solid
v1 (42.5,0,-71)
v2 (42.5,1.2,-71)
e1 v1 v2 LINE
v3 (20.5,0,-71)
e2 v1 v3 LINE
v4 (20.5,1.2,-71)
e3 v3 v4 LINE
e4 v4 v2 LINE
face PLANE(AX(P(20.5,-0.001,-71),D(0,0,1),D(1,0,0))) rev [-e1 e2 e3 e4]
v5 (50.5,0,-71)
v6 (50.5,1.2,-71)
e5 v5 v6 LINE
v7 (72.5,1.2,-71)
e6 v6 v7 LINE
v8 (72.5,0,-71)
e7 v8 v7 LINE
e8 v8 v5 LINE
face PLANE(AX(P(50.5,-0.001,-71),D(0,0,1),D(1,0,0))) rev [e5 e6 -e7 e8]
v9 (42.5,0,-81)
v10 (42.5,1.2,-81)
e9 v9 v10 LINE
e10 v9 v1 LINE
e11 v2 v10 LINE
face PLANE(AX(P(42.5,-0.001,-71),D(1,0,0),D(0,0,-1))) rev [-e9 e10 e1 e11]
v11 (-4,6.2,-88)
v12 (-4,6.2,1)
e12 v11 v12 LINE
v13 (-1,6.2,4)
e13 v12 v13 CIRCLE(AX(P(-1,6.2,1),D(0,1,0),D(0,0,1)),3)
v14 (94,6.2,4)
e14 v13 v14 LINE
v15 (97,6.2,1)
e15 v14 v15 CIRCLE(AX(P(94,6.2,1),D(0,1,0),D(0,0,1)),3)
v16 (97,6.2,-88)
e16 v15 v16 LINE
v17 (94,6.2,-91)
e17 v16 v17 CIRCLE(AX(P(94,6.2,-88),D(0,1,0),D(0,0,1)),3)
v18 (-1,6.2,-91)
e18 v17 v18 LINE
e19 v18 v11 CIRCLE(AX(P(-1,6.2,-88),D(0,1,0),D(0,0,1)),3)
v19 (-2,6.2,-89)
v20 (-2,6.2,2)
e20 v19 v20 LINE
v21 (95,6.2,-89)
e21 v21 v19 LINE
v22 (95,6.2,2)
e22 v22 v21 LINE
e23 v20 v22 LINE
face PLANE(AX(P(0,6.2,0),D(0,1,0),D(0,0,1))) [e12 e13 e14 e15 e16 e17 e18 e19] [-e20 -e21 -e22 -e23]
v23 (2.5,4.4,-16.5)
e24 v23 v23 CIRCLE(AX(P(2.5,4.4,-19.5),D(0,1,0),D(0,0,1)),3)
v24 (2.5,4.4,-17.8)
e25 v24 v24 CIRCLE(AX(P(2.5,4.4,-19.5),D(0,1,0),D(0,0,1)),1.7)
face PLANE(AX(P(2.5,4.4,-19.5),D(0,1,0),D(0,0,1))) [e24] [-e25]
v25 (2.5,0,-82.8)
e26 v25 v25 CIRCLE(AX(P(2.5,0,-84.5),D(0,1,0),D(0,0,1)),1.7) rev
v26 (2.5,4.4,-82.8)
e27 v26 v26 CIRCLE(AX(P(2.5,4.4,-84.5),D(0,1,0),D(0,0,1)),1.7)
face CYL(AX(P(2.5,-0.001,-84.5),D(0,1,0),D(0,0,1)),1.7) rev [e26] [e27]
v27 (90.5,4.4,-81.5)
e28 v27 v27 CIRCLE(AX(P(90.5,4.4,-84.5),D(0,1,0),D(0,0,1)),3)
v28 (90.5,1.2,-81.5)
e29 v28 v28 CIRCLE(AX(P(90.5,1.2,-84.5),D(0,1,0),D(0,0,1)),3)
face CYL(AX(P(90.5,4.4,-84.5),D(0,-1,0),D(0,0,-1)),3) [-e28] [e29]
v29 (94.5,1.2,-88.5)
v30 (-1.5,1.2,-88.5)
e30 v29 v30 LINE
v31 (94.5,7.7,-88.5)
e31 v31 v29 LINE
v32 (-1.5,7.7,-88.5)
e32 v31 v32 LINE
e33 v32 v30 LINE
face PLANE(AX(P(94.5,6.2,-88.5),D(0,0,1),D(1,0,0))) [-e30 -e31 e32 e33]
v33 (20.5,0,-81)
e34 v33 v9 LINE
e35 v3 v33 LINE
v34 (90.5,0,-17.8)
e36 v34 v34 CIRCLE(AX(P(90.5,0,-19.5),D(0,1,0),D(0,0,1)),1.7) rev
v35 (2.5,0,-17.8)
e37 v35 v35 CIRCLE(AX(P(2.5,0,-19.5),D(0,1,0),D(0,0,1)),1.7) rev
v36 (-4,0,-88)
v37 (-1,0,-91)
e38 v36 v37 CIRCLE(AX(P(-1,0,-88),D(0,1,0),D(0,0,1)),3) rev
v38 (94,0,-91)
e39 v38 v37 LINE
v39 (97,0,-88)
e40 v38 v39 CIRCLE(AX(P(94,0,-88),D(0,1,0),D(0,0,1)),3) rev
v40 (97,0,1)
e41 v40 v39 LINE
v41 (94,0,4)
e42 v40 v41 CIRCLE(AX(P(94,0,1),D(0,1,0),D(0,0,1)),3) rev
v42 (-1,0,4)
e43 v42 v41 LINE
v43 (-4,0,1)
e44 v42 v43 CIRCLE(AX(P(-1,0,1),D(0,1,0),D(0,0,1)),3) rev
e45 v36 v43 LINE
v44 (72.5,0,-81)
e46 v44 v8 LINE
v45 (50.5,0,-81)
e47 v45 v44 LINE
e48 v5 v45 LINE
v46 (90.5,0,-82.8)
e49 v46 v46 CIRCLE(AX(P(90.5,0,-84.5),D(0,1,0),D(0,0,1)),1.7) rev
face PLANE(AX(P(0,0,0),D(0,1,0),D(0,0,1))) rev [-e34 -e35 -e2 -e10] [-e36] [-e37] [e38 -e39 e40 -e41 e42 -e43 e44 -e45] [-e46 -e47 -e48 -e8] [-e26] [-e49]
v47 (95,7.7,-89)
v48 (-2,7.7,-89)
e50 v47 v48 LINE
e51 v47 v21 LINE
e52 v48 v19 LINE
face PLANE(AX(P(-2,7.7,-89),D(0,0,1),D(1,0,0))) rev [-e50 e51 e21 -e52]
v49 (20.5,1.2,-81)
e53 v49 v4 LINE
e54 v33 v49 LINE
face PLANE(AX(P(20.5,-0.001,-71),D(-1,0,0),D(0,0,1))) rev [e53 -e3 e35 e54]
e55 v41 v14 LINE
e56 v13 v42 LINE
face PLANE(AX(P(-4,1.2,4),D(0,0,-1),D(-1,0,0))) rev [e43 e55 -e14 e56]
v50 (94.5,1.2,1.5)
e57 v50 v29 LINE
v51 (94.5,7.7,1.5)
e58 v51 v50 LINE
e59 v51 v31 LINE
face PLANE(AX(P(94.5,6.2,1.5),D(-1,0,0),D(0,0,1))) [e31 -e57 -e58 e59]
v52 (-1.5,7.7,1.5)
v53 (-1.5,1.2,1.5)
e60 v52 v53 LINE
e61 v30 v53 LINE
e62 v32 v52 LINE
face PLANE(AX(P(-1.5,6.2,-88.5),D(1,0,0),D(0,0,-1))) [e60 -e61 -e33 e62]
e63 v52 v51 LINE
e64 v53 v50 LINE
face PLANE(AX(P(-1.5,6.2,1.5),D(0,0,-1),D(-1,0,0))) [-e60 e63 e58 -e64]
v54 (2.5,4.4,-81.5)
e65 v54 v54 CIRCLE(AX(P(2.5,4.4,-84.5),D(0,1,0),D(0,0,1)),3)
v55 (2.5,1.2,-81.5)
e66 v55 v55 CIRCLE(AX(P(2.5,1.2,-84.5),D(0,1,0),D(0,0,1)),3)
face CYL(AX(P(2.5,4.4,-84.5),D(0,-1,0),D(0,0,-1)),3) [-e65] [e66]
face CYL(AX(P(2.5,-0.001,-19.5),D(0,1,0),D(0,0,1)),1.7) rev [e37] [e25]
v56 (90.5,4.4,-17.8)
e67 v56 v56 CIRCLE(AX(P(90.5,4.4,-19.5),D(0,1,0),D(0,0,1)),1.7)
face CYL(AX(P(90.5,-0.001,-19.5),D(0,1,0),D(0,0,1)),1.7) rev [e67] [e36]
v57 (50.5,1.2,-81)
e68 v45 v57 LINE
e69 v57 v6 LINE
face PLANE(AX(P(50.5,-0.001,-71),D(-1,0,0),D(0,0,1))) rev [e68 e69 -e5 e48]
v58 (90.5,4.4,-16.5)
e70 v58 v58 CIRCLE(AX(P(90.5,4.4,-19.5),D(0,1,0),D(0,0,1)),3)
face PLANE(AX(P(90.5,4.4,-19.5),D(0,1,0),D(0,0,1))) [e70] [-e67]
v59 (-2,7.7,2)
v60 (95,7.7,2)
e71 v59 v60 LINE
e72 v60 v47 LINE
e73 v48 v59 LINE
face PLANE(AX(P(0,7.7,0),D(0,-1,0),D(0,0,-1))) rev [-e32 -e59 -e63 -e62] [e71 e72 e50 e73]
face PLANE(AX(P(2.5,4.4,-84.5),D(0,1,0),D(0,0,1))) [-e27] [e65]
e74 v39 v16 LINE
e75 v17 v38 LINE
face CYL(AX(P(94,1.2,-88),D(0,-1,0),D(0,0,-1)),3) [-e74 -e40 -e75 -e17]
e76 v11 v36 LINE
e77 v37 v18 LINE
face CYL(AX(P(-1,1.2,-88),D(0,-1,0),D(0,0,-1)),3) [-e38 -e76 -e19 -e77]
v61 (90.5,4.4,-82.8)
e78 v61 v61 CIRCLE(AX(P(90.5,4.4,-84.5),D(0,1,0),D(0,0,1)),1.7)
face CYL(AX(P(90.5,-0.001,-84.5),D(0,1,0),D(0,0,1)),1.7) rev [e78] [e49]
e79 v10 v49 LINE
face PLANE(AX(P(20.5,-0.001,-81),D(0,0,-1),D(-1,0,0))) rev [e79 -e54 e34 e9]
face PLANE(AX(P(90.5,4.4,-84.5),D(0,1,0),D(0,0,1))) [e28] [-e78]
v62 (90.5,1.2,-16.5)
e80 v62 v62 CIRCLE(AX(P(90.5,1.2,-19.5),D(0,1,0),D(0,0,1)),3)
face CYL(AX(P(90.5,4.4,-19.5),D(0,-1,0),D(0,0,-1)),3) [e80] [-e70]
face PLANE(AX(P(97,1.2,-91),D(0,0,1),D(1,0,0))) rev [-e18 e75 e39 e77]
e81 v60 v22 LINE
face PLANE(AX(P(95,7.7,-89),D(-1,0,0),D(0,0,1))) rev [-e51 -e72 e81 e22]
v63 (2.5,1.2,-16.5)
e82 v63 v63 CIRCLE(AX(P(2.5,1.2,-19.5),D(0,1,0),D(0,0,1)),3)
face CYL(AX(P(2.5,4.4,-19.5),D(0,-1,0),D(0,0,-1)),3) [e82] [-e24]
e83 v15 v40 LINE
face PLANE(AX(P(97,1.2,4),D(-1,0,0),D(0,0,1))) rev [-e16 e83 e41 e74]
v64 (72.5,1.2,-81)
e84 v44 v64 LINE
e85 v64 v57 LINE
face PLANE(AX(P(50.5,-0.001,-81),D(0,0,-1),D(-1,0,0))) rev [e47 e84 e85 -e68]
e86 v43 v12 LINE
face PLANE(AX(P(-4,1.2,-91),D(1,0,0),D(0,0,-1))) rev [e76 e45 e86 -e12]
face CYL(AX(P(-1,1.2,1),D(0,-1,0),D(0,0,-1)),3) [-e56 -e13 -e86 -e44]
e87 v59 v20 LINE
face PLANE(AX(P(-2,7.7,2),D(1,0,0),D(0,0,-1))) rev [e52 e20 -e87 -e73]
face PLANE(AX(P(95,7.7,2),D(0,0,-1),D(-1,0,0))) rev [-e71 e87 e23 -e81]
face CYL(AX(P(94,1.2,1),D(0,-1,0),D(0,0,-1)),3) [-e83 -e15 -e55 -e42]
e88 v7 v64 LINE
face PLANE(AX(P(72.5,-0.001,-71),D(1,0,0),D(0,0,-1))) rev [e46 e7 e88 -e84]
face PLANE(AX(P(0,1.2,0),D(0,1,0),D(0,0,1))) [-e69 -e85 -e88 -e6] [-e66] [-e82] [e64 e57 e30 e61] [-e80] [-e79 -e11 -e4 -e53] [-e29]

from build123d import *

# Parameters (mm, degrees)
SKETCH1_W           = 101
SKETCH1_H           = 95
BOSS_EXTRUDE1_DEPTH = 1.2
SKETCH3_W           = 101
SKETCH3_H           = 95
SKETCH3_W_2         = 96
SKETCH3_H_2         = 90
BOSS_EXTRUDE2_DEPTH = 5
SKETCH5_R           = 3
BOSS_EXTRUDE3_DEPTH = 3.2
CUT_EXTRUDE1_REACH  = 6.4
SKETCH6_R           = 1.7
CUT_EXTRUDE2_REACH  = 3.2
SKETCH7_W           = 22
SKETCH7_H           = 10
FILLET1_R           = 3
SKETCH8_W           = 97
SKETCH8_H           = 91
SKETCH8_W_2         = 96
SKETCH8_H_2         = 90
BOSS_EXTRUDE4_DEPTH = 1.5


with BuildPart() as part:
    # Sketch1 → Boss-Extrude1 (new body)
    with BuildSketch(Plane(origin=(0, 0, 0), x_dir=(1, 0, 0), z_dir=(0, 1, 0))):
        with Locations((46.5, 43.5)):
            Rectangle(SKETCH1_W, SKETCH1_H)
    extrude(amount=BOSS_EXTRUDE1_DEPTH)

    # Sketch3 → Boss-Extrude2 (add)
    with BuildSketch(Plane(origin=(0, 1.2, 0), x_dir=(1, 0, 0), z_dir=(0, 1, 0))):
        with Locations((46.5, 43.5)):
            Rectangle(SKETCH3_W, SKETCH3_H)
        with Locations((46.5, 43.5)):
            Rectangle(SKETCH3_W_2, SKETCH3_H_2, mode=Mode.SUBTRACT)
    extrude(amount=BOSS_EXTRUDE2_DEPTH)

    # Sketch5 → Boss-Extrude3 (add)
    with BuildSketch(Plane(origin=(0, 1.2, 0), x_dir=(1, 0, 0), z_dir=(0, 1, 0))):
        with Locations((2.5, 84.5)):
            Circle(SKETCH5_R)
        with Locations((90.5, 84.5)):
            Circle(SKETCH5_R)
        with Locations((90.5, 19.5)):
            Circle(SKETCH5_R)
        with Locations((2.5, 19.5)):
            Circle(SKETCH5_R)
    extrude(amount=BOSS_EXTRUDE3_DEPTH)

    # Sketch6 → Cut-Extrude1 (cut, up to next)
    with BuildSketch(Plane(origin=(0, 4.4, 0), x_dir=(1, 0, 0), z_dir=(0, 1, 0)), mode=Mode.PRIVATE) as cut_extrude1_sk1:
        with Locations((2.5, 84.5)):
            Circle(SKETCH6_R)
    cut_extrude1_tool1 = extrude(cut_extrude1_sk1.sketch, amount=-CUT_EXTRUDE1_REACH, mode=Mode.PRIVATE) & part.part
    add(cut_extrude1_tool1.solids().sort_by_distance((2.5, 4.4, -84.5))[0], mode=Mode.SUBTRACT)
    # Sketch6 → Cut-Extrude1 (cut, up to next)
    with BuildSketch(Plane(origin=(0, 4.4, 0), x_dir=(1, 0, 0), z_dir=(0, 1, 0)), mode=Mode.PRIVATE) as cut_extrude1_sk2:
        with Locations((90.5, 84.5)):
            Circle(SKETCH6_R)
    cut_extrude1_tool2 = extrude(cut_extrude1_sk2.sketch, amount=-CUT_EXTRUDE1_REACH, mode=Mode.PRIVATE) & part.part
    add(cut_extrude1_tool2.solids().sort_by_distance((90.5, 4.4, -84.5))[0], mode=Mode.SUBTRACT)
    # Sketch6 → Cut-Extrude1 (cut, up to next)
    with BuildSketch(Plane(origin=(0, 4.4, 0), x_dir=(1, 0, 0), z_dir=(0, 1, 0)), mode=Mode.PRIVATE) as cut_extrude1_sk3:
        with Locations((90.5, 19.5)):
            Circle(SKETCH6_R)
    cut_extrude1_tool3 = extrude(cut_extrude1_sk3.sketch, amount=-CUT_EXTRUDE1_REACH, mode=Mode.PRIVATE) & part.part
    add(cut_extrude1_tool3.solids().sort_by_distance((90.5, 4.4, -19.5))[0], mode=Mode.SUBTRACT)
    # Sketch6 → Cut-Extrude1 (cut, up to next)
    with BuildSketch(Plane(origin=(0, 4.4, 0), x_dir=(1, 0, 0), z_dir=(0, 1, 0)), mode=Mode.PRIVATE) as cut_extrude1_sk4:
        with Locations((2.5, 19.5)):
            Circle(SKETCH6_R)
    cut_extrude1_tool4 = extrude(cut_extrude1_sk4.sketch, amount=-CUT_EXTRUDE1_REACH, mode=Mode.PRIVATE) & part.part
    add(cut_extrude1_tool4.solids().sort_by_distance((2.5, 4.4, -19.5))[0], mode=Mode.SUBTRACT)

    # Sketch7 → Cut-Extrude2 (cut, up to next)
    with BuildSketch(Plane(origin=(0, 1.2, 0), x_dir=(1, 0, 0), z_dir=(0, 1, 0)), mode=Mode.PRIVATE) as cut_extrude2_sk1:
        with Locations((61.5, 76)):
            Rectangle(SKETCH7_W, SKETCH7_H)
    cut_extrude2_tool1 = extrude(cut_extrude2_sk1.sketch, amount=-CUT_EXTRUDE2_REACH, mode=Mode.PRIVATE) & part.part
    add(cut_extrude2_tool1.solids().sort_by_distance((61.5, 1.2, -76))[0], mode=Mode.SUBTRACT)
    # Sketch7 → Cut-Extrude2 (cut, up to next)
    with BuildSketch(Plane(origin=(0, 1.2, 0), x_dir=(1, 0, 0), z_dir=(0, 1, 0)), mode=Mode.PRIVATE) as cut_extrude2_sk2:
        with Locations((31.5, 76)):
            Rectangle(SKETCH7_W, SKETCH7_H)
    cut_extrude2_tool2 = extrude(cut_extrude2_sk2.sketch, amount=-CUT_EXTRUDE2_REACH, mode=Mode.PRIVATE) & part.part
    add(cut_extrude2_tool2.solids().sort_by_distance((31.5, 1.2, -76))[0], mode=Mode.SUBTRACT)

    # Fillet1
    fillet1_edges = [part.edges().sort_by_distance(p)[0] for p in [
        (-4, 3.1, -91),
        (97, 3.1, -91),
        (97, 3.1, 4),
        (-4, 3.1, 4),
    ]]
    fillet(fillet1_edges, radius=FILLET1_R)

    # Sketch8 → Boss-Extrude4 (add)
    with BuildSketch(Plane(origin=(0, 6.2, 0), x_dir=(1, 0, 0), z_dir=(0, 1, 0))):
        with Locations((46.5, 43.5)):
            Rectangle(SKETCH8_W, SKETCH8_H)
        with Locations((46.5, 43.5)):
            Rectangle(SKETCH8_W_2, SKETCH8_H_2, mode=Mode.SUBTRACT)
    extrude(amount=BOSS_EXTRUDE4_DEPTH)


solid = part.part
